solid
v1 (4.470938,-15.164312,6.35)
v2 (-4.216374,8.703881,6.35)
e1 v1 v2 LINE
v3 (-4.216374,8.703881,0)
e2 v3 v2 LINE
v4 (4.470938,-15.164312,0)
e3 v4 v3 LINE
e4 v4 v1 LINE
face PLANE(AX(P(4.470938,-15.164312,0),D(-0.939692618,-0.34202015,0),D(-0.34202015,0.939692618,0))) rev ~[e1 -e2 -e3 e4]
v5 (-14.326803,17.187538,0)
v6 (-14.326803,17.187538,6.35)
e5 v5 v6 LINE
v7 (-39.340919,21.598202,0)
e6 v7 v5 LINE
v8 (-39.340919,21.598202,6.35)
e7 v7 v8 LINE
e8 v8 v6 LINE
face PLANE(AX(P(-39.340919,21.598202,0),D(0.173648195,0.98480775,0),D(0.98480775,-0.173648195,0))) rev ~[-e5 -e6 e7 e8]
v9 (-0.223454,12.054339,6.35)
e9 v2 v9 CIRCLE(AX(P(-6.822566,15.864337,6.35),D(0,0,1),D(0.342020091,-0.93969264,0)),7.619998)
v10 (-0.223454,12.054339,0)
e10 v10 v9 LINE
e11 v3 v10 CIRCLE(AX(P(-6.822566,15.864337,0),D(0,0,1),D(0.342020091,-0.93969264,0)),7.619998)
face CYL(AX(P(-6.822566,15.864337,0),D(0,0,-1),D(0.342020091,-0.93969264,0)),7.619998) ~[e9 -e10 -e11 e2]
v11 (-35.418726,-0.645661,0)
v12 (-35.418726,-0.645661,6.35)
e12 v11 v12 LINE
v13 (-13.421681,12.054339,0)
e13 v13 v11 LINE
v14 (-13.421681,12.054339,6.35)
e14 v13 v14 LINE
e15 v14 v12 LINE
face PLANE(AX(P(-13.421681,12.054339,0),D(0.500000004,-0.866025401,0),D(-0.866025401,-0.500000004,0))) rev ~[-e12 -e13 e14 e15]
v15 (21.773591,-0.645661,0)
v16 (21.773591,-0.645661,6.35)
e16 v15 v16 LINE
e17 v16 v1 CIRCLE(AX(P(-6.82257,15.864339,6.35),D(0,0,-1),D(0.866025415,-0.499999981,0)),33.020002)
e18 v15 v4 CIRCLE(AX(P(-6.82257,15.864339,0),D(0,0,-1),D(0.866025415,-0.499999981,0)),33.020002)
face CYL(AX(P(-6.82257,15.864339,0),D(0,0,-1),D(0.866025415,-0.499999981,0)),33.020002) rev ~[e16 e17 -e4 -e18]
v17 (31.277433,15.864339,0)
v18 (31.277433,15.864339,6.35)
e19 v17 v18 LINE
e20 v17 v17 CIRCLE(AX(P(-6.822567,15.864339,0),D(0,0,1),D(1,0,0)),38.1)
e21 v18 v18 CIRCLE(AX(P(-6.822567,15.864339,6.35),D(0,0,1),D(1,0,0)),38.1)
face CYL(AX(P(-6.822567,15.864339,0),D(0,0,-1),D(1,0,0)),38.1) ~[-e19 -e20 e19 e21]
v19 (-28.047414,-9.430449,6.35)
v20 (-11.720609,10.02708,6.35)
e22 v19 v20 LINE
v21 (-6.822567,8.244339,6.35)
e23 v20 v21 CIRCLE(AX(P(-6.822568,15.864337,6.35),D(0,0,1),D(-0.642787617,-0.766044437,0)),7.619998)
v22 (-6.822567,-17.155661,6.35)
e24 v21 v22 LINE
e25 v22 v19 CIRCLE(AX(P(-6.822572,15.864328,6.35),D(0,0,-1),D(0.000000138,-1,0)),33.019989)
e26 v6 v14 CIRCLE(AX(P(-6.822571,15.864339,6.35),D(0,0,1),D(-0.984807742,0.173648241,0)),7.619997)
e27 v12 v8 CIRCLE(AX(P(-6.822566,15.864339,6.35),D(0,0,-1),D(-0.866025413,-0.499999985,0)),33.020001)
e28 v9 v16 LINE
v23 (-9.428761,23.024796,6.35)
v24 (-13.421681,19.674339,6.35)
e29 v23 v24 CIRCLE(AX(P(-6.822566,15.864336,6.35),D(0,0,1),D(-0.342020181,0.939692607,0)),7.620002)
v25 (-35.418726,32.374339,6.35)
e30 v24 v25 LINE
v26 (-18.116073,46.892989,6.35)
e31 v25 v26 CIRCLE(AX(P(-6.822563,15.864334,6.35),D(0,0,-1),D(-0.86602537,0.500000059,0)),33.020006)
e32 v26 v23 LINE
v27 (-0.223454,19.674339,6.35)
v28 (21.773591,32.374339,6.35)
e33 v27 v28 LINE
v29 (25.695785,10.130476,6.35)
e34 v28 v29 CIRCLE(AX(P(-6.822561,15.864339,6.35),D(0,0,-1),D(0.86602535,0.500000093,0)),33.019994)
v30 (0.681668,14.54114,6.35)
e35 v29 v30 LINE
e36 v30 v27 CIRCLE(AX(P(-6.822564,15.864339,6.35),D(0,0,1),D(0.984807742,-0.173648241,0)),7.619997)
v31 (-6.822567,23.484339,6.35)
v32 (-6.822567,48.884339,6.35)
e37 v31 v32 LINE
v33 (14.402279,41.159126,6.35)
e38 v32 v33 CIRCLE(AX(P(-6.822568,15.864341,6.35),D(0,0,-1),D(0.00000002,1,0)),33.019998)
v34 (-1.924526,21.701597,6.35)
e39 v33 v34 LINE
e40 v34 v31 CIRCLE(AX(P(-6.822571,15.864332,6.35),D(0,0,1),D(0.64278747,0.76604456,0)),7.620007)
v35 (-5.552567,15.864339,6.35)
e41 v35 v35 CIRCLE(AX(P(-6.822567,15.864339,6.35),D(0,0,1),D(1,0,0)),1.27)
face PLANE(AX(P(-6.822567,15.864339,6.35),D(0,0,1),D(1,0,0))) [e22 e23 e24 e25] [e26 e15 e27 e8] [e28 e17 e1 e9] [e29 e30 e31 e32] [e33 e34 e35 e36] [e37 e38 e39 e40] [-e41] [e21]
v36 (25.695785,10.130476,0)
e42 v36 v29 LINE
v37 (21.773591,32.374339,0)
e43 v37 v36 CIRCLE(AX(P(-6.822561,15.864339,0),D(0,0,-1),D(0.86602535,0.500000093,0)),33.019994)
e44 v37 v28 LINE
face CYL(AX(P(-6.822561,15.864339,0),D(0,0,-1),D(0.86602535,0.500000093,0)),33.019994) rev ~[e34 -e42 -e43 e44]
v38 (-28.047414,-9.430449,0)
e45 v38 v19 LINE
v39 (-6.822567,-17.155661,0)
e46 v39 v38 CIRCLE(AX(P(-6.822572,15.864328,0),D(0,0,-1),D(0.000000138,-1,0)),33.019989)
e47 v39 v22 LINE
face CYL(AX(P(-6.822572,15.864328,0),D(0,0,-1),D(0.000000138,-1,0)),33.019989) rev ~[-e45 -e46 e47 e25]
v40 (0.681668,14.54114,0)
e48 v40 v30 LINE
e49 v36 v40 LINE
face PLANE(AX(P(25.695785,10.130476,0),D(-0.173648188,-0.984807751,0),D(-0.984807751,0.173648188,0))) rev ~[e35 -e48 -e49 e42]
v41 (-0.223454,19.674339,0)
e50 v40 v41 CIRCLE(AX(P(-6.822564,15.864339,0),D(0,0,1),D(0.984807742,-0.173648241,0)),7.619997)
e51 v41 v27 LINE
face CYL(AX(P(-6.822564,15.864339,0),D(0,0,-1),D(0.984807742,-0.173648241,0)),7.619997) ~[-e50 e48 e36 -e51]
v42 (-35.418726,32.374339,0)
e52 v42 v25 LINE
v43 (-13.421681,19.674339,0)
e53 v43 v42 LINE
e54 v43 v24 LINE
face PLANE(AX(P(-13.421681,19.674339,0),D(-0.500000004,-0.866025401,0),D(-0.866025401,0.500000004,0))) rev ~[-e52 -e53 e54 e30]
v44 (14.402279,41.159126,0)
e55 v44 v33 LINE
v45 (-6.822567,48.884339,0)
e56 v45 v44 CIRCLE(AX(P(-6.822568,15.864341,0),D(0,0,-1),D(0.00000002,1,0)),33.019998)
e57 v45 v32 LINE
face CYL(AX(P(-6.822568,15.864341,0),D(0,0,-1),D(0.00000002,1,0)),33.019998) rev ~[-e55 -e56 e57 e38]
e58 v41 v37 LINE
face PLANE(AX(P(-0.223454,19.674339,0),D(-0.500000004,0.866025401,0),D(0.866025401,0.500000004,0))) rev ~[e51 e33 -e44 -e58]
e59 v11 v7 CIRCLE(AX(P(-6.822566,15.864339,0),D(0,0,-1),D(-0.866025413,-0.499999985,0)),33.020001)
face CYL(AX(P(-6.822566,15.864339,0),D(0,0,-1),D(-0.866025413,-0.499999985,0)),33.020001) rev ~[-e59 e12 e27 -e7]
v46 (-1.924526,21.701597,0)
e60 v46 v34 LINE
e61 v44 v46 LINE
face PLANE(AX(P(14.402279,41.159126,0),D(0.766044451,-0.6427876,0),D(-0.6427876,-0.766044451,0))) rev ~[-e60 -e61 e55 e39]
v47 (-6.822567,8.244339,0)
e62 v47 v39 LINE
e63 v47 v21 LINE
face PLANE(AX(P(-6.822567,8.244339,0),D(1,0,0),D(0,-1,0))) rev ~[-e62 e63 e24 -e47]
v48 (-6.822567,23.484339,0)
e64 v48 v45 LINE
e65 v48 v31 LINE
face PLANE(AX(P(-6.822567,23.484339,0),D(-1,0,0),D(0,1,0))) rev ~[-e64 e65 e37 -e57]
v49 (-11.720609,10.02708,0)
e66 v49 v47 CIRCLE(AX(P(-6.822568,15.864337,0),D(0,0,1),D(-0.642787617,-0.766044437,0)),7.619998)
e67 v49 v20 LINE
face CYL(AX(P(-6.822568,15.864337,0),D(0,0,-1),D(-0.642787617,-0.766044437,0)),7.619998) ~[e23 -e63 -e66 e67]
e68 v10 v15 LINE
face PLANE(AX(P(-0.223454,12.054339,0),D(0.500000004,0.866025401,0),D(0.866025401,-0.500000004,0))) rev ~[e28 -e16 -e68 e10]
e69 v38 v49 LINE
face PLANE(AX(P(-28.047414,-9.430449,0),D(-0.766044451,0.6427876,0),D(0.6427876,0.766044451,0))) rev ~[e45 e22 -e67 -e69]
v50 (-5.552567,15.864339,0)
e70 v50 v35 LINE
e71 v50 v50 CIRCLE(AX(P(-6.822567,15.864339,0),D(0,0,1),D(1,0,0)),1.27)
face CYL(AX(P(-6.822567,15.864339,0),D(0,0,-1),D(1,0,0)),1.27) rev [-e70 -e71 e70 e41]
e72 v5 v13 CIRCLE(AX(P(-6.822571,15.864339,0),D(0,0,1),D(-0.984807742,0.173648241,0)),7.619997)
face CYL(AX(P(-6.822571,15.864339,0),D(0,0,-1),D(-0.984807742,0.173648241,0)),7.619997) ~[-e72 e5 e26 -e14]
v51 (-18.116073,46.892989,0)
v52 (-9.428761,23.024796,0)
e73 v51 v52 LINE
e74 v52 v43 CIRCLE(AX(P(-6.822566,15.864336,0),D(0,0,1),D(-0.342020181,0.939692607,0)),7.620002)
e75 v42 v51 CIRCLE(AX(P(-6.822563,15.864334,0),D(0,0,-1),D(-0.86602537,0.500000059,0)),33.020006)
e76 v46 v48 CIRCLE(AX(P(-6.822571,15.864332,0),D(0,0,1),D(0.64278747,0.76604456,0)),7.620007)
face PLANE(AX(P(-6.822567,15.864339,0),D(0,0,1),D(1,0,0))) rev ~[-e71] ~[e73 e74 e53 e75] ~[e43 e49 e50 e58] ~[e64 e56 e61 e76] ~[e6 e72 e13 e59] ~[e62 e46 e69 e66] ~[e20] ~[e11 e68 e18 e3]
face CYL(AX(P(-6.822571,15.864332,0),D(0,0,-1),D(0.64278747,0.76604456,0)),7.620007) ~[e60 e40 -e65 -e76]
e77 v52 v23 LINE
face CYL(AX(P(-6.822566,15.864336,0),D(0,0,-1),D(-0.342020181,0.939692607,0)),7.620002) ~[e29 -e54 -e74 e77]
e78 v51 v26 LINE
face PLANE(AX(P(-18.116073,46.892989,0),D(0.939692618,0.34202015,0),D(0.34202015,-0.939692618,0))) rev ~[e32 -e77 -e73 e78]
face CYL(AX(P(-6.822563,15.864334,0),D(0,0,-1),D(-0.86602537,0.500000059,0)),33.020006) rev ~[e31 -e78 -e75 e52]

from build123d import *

# Parameters (mm, degrees)
F0_R     = 38.1
F0_R_2   = 1.27
F1_DEPTH = 6.35


with BuildPart() as f1:
    # F0 (on Top) → F1 (new body)
    with BuildSketch(Plane.XY):
        with Locations((-6.822567, 15.864339)):
            Circle(F0_R)
        with BuildLine():
            ThreePointArc((-11.720609, 10.02708), (-9.428761, 8.703881), (-6.822567, 8.244339))
            Line((-6.822567, 8.244339), (-6.822567, -17.155661))
            ThreePointArc((-6.822567, -17.155661), (-18.116073, -15.164312), (-28.047414, -9.430449))
            Line((-28.047414, -9.430449), (-11.720609, 10.02708))
        make_face(mode=Mode.SUBTRACT)
        with BuildLine():
            ThreePointArc((-14.326803, 17.187538), (-14.326803, 14.54114), (-13.421681, 12.054339))
            Line((-13.421681, 12.054339), (-35.418726, -0.645661))
            ThreePointArc((-35.418726, -0.645661), (-39.340919, 10.130476), (-39.340919, 21.598202))
            Line((-39.340919, 21.598202), (-14.326803, 17.187538))
        make_face(mode=Mode.SUBTRACT)
        with BuildLine():
            ThreePointArc((-4.216374, 8.703881), (-1.924526, 10.02708), (-0.223454, 12.054339))
            Line((-0.223454, 12.054339), (21.773591, -0.645661))
            ThreePointArc((21.773591, -0.645661), (14.402279, -9.430449), (4.470938, -15.164312))
            Line((4.470938, -15.164312), (-4.216374, 8.703881))
        make_face(mode=Mode.SUBTRACT)
        with BuildLine():
            ThreePointArc((-9.428761, 23.024796), (-11.720609, 21.701597), (-13.421681, 19.674339))
            Line((-13.421681, 19.674339), (-35.418726, 32.374339))
            ThreePointArc((-35.418726, 32.374339), (-28.047414, 41.159126), (-18.116073, 46.892989))
            Line((-18.116073, 46.892989), (-9.428761, 23.024796))
        make_face(mode=Mode.SUBTRACT)
        with Locations((-6.822567, 15.864339)):
            Circle(F0_R_2, mode=Mode.SUBTRACT)
        with BuildLine():
            ThreePointArc((0.681668, 14.54114), (0.681668, 17.187538), (-0.223454, 19.674339))
            Line((-0.223454, 19.674339), (21.773591, 32.374339))
            ThreePointArc((21.773591, 32.374339), (25.695785, 21.598202), (25.695785, 10.130476))
            Line((25.695785, 10.130476), (0.681668, 14.54114))
        make_face(mode=Mode.SUBTRACT)
        with BuildLine():
            ThreePointArc((-6.822567, 48.884339), (4.470938, 46.892989), (14.402279, 41.159126))
            Line((14.402279, 41.159126), (-1.924526, 21.701597))
            ThreePointArc((-1.924526, 21.701597), (-4.216374, 23.024796), (-6.822567, 23.484339))
            Line((-6.822567, 23.484339), (-6.822567, 48.884339))
        make_face(mode=Mode.SUBTRACT)
    extrude(amount=F1_DEPTH)


solid = f1.part
